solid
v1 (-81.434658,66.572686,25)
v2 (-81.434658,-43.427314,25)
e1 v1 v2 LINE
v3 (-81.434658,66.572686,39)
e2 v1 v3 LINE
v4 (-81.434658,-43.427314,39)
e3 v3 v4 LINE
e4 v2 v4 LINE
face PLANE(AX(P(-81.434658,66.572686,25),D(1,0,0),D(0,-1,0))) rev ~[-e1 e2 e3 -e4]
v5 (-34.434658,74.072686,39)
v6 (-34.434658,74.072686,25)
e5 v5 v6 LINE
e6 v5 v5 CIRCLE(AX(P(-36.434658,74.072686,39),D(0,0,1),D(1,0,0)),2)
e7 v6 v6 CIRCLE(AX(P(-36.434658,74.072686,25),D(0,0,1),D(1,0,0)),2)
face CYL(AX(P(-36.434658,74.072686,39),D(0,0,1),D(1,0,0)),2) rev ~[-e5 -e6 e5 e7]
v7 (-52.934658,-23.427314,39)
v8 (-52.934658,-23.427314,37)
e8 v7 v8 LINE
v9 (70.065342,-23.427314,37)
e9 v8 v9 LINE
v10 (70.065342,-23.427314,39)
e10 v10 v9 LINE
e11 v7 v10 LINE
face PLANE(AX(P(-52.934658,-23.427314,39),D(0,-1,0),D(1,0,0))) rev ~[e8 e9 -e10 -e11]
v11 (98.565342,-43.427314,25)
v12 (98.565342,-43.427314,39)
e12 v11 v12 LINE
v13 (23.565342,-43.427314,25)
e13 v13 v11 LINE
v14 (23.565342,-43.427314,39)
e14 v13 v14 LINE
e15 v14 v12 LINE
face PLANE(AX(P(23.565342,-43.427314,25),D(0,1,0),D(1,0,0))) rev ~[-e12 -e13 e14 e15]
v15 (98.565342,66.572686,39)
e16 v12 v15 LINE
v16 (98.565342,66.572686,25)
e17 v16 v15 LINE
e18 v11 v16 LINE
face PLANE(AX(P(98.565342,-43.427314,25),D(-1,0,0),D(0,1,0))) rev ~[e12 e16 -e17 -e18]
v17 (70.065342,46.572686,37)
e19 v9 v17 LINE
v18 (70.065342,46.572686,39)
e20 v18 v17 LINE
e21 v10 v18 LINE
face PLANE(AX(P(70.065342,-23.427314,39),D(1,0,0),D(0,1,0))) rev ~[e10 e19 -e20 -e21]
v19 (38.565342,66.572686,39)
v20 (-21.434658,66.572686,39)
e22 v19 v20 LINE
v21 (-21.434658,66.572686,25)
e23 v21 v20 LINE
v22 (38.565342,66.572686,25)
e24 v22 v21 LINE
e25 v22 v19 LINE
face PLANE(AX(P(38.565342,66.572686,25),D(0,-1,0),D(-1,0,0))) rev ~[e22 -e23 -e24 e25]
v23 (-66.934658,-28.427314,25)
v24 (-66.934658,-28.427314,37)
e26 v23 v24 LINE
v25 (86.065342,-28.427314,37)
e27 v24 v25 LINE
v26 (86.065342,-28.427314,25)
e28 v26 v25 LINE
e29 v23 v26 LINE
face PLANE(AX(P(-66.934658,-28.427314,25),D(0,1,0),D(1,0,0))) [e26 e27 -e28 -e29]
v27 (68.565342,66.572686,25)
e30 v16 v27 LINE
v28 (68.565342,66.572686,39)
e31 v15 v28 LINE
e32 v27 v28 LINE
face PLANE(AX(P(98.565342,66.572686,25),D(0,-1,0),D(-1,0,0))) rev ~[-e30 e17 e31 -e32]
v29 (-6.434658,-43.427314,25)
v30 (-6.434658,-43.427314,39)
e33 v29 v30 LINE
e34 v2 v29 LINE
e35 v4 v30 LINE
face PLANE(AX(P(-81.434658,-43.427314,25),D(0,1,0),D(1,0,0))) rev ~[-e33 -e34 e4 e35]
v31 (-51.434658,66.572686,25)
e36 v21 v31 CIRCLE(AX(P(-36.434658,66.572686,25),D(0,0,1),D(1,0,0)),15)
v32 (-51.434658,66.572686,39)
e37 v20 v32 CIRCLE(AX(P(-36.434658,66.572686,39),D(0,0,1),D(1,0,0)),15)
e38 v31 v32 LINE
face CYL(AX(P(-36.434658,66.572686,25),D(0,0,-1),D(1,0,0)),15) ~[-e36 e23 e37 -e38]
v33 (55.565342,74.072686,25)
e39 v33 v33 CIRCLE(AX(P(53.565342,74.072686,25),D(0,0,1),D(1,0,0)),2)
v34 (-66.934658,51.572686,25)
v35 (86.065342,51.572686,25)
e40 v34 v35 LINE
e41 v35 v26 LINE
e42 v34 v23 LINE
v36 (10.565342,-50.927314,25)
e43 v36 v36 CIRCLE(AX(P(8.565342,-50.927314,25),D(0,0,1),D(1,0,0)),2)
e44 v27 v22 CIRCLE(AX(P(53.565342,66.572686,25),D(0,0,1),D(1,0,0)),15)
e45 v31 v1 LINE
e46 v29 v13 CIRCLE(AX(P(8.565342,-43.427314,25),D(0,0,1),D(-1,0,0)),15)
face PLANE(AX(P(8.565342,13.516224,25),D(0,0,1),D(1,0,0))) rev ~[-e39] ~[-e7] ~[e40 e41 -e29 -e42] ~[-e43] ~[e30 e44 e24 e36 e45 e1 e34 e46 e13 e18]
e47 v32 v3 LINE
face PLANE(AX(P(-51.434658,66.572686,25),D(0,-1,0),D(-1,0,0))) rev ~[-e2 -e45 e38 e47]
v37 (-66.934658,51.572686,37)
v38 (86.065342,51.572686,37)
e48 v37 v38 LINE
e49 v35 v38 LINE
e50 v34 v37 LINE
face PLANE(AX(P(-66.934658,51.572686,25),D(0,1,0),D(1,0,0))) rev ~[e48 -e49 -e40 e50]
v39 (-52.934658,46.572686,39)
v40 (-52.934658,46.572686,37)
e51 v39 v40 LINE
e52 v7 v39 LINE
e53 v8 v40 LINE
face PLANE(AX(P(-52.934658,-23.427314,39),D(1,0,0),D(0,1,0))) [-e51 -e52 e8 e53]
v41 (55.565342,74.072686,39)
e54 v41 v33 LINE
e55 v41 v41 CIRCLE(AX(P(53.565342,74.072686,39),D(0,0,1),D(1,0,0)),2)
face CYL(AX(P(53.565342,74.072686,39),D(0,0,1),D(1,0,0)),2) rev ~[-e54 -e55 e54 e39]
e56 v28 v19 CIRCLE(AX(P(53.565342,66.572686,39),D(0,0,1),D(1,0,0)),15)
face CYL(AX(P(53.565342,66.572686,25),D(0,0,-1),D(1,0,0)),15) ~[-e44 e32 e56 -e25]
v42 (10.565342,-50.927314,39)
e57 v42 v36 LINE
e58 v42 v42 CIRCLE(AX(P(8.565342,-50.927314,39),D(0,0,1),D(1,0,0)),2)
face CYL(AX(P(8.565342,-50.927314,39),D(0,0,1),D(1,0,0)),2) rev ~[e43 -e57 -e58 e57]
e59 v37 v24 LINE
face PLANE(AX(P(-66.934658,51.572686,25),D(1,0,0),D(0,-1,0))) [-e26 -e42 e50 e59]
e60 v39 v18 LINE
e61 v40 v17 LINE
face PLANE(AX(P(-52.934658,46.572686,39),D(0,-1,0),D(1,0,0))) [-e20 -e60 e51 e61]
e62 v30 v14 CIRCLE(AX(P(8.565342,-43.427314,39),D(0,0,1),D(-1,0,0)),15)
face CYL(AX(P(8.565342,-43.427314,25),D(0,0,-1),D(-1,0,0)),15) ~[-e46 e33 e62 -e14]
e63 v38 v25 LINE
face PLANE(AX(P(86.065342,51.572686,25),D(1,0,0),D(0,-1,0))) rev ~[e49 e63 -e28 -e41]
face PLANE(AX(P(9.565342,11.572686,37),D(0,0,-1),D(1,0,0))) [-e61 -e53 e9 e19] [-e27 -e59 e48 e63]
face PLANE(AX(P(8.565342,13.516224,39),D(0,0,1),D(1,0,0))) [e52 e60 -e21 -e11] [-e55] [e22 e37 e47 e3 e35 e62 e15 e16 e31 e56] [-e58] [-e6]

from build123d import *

# Parameters (mm, degrees)
F0_R      = 2
F1_DEPTH  = 25
F3_DEPTH  = 276
F4_R      = 2
F5_DEPTH  = 84.8
F6_R      = 2.5
F7_DEPTH  = 5
F9_DEPTH  = 14
F11_W     = 123
F11_H     = 70
F12_DEPTH = 25
F13_W     = 153
F13_H     = 80
F14_DEPTH = 12
F15_R     = 2
F16_DEPTH = 25


with BuildPart() as f1:
    # F0 (on Top) → F1 (new body)
    with BuildSketch(Plane.XY):
        with BuildLine():
            Line((-51.434658, 66.572686), (-81.434658, 66.572686))
            Line((-81.434658, 66.572686), (-81.434658, -43.427314))
            Line((-81.434658, -43.427314), (-6.434658, -43.427314))
            ThreePointArc((-6.434658, -43.427314), (8.565342, -58.427314), (23.565342, -43.427314))
            Line((23.565342, -43.427314), (98.565342, -43.427314))
            Line((98.565342, -43.427314), (98.565342, 66.572686))
            Line((98.565342, 66.572686), (68.565342, 66.572686))
            ThreePointArc((68.565342, 66.572686), (53.565342, 81.572686), (38.565342, 66.572686))
            Line((38.565342, 66.572686), (-21.434658, 66.572686))
            ThreePointArc((-21.434658, 66.572686), (-36.434658, 81.572686), (-51.434658, 66.572686))
        make_face()
        with Locations((8.565342, -50.927314)):
            Circle(F0_R, mode=Mode.SUBTRACT)
        with Locations((-36.434658, 74.072686)):
            Circle(F0_R, mode=Mode.SUBTRACT)
        with Locations((53.565342, 74.072686)):
            Circle(F0_R, mode=Mode.SUBTRACT)
    extrude(amount=F1_DEPTH)

    # F2 (on face) → F3 (cut)
    with BuildSketch(Plane.YZ.offset(98.565342)):
        with BuildLine():
            Line((43.145373, 0), (22.822686, 0))
            ThreePointArc((22.822686, 0), (11.572686, 11.25), (0.322686, 0))
            Line((0.322686, 0), (-20, 0))
            ThreePointArc((-20, 0), (-41.231841, 11.150842), (-64.902842, 15))
            Line((-64.902842, 15), (-64.902842, -16.413443))
            Line((-64.902842, -16.413443), (88.048215, -16.413443))
            Line((88.048215, -16.413443), (88.048215, 15))
            ThreePointArc((88.048215, 15), (64.377213, 11.150842), (43.145373, 0))
        make_face()
    extrude(amount=-F3_DEPTH, mode=Mode.SUBTRACT)

    # F4 (on face) → F5 (cut)
    with BuildSketch(Plane.XY.offset(25)):
        with Locations((-56.434658, 32.872686)):
            Circle(F4_R)
        with Locations((73.565342, 32.872686)):
            Circle(F4_R)
        with Locations((-56.434658, -9.727314)):
            Circle(F4_R)
        with Locations((73.565342, -9.727314)):
            Circle(F4_R)
    extrude(amount=-F5_DEPTH, mode=Mode.SUBTRACT)

    # F6 (on face) → F7 (cut)
    with BuildSketch(Plane.XY.offset(25)):
        with Locations((-56.434658, 32.872686)):
            Circle(F6_R)
        with Locations((73.565342, 32.872686)):
            Circle(F6_R)
        with Locations((73.565342, -9.727314)):
            Circle(F6_R)
        with Locations((-56.434658, -9.727314)):
            Circle(F6_R)
    extrude(amount=-F7_DEPTH, mode=Mode.SUBTRACT)


with BuildPart() as f9:
    # F8 (on face) → F9 (new body)
    with BuildSketch(Plane.XY.offset(25)):
        with BuildLine():
            Line((-81.434658, -43.427314), (-6.434658, -43.427314))
            ThreePointArc((-6.434658, -43.427314), (8.565342, -58.427314), (23.565342, -43.427314))
            Line((23.565342, -43.427314), (98.565342, -43.427314))
            Line((98.565342, -43.427314), (98.565342, 66.572686))
            Line((98.565342, 66.572686), (68.565342, 66.572686))
            ThreePointArc((68.565342, 66.572686), (53.565342, 81.572686), (38.565342, 66.572686))
            Line((38.565342, 66.572686), (-21.434658, 66.572686))
            ThreePointArc((-21.434658, 66.572686), (-36.434658, 81.572686), (-51.434658, 66.572686))
            Line((-51.434658, 66.572686), (-81.434658, 66.572686))
            Line((-81.434658, 66.572686), (-81.434658, -43.427314))
        make_face()
    extrude(amount=F9_DEPTH)

    # F11 (on face) → F12 (cut)
    with BuildSketch(Plane.XY.offset(39)):
        with Locations((8.565342, 11.572686)):
            Rectangle(F11_W, F11_H)
    extrude(amount=-F12_DEPTH, mode=Mode.SUBTRACT)

    # F13 (on face) → F14 (cut)
    with BuildSketch(Plane(origin=(0, 0, 25), x_dir=(1, 0, 0), z_dir=(0, 0, -1))):
        with Locations((9.565342, -11.572686)):
            Rectangle(F13_W, F13_H)
    extrude(amount=-F14_DEPTH, mode=Mode.SUBTRACT)

    # F15 (on face) → F16 (cut)
    with BuildSketch(Plane.XY.offset(39)):
        with Locations((53.565342, 74.072686)):
            Circle(F15_R)
        with Locations((-36.434658, 74.072686)):
            Circle(F15_R)
        with Locations((8.565342, -50.927314)):
            Circle(F15_R)
    extrude(amount=-F16_DEPTH, mode=Mode.SUBTRACT)


solid = f9.part
